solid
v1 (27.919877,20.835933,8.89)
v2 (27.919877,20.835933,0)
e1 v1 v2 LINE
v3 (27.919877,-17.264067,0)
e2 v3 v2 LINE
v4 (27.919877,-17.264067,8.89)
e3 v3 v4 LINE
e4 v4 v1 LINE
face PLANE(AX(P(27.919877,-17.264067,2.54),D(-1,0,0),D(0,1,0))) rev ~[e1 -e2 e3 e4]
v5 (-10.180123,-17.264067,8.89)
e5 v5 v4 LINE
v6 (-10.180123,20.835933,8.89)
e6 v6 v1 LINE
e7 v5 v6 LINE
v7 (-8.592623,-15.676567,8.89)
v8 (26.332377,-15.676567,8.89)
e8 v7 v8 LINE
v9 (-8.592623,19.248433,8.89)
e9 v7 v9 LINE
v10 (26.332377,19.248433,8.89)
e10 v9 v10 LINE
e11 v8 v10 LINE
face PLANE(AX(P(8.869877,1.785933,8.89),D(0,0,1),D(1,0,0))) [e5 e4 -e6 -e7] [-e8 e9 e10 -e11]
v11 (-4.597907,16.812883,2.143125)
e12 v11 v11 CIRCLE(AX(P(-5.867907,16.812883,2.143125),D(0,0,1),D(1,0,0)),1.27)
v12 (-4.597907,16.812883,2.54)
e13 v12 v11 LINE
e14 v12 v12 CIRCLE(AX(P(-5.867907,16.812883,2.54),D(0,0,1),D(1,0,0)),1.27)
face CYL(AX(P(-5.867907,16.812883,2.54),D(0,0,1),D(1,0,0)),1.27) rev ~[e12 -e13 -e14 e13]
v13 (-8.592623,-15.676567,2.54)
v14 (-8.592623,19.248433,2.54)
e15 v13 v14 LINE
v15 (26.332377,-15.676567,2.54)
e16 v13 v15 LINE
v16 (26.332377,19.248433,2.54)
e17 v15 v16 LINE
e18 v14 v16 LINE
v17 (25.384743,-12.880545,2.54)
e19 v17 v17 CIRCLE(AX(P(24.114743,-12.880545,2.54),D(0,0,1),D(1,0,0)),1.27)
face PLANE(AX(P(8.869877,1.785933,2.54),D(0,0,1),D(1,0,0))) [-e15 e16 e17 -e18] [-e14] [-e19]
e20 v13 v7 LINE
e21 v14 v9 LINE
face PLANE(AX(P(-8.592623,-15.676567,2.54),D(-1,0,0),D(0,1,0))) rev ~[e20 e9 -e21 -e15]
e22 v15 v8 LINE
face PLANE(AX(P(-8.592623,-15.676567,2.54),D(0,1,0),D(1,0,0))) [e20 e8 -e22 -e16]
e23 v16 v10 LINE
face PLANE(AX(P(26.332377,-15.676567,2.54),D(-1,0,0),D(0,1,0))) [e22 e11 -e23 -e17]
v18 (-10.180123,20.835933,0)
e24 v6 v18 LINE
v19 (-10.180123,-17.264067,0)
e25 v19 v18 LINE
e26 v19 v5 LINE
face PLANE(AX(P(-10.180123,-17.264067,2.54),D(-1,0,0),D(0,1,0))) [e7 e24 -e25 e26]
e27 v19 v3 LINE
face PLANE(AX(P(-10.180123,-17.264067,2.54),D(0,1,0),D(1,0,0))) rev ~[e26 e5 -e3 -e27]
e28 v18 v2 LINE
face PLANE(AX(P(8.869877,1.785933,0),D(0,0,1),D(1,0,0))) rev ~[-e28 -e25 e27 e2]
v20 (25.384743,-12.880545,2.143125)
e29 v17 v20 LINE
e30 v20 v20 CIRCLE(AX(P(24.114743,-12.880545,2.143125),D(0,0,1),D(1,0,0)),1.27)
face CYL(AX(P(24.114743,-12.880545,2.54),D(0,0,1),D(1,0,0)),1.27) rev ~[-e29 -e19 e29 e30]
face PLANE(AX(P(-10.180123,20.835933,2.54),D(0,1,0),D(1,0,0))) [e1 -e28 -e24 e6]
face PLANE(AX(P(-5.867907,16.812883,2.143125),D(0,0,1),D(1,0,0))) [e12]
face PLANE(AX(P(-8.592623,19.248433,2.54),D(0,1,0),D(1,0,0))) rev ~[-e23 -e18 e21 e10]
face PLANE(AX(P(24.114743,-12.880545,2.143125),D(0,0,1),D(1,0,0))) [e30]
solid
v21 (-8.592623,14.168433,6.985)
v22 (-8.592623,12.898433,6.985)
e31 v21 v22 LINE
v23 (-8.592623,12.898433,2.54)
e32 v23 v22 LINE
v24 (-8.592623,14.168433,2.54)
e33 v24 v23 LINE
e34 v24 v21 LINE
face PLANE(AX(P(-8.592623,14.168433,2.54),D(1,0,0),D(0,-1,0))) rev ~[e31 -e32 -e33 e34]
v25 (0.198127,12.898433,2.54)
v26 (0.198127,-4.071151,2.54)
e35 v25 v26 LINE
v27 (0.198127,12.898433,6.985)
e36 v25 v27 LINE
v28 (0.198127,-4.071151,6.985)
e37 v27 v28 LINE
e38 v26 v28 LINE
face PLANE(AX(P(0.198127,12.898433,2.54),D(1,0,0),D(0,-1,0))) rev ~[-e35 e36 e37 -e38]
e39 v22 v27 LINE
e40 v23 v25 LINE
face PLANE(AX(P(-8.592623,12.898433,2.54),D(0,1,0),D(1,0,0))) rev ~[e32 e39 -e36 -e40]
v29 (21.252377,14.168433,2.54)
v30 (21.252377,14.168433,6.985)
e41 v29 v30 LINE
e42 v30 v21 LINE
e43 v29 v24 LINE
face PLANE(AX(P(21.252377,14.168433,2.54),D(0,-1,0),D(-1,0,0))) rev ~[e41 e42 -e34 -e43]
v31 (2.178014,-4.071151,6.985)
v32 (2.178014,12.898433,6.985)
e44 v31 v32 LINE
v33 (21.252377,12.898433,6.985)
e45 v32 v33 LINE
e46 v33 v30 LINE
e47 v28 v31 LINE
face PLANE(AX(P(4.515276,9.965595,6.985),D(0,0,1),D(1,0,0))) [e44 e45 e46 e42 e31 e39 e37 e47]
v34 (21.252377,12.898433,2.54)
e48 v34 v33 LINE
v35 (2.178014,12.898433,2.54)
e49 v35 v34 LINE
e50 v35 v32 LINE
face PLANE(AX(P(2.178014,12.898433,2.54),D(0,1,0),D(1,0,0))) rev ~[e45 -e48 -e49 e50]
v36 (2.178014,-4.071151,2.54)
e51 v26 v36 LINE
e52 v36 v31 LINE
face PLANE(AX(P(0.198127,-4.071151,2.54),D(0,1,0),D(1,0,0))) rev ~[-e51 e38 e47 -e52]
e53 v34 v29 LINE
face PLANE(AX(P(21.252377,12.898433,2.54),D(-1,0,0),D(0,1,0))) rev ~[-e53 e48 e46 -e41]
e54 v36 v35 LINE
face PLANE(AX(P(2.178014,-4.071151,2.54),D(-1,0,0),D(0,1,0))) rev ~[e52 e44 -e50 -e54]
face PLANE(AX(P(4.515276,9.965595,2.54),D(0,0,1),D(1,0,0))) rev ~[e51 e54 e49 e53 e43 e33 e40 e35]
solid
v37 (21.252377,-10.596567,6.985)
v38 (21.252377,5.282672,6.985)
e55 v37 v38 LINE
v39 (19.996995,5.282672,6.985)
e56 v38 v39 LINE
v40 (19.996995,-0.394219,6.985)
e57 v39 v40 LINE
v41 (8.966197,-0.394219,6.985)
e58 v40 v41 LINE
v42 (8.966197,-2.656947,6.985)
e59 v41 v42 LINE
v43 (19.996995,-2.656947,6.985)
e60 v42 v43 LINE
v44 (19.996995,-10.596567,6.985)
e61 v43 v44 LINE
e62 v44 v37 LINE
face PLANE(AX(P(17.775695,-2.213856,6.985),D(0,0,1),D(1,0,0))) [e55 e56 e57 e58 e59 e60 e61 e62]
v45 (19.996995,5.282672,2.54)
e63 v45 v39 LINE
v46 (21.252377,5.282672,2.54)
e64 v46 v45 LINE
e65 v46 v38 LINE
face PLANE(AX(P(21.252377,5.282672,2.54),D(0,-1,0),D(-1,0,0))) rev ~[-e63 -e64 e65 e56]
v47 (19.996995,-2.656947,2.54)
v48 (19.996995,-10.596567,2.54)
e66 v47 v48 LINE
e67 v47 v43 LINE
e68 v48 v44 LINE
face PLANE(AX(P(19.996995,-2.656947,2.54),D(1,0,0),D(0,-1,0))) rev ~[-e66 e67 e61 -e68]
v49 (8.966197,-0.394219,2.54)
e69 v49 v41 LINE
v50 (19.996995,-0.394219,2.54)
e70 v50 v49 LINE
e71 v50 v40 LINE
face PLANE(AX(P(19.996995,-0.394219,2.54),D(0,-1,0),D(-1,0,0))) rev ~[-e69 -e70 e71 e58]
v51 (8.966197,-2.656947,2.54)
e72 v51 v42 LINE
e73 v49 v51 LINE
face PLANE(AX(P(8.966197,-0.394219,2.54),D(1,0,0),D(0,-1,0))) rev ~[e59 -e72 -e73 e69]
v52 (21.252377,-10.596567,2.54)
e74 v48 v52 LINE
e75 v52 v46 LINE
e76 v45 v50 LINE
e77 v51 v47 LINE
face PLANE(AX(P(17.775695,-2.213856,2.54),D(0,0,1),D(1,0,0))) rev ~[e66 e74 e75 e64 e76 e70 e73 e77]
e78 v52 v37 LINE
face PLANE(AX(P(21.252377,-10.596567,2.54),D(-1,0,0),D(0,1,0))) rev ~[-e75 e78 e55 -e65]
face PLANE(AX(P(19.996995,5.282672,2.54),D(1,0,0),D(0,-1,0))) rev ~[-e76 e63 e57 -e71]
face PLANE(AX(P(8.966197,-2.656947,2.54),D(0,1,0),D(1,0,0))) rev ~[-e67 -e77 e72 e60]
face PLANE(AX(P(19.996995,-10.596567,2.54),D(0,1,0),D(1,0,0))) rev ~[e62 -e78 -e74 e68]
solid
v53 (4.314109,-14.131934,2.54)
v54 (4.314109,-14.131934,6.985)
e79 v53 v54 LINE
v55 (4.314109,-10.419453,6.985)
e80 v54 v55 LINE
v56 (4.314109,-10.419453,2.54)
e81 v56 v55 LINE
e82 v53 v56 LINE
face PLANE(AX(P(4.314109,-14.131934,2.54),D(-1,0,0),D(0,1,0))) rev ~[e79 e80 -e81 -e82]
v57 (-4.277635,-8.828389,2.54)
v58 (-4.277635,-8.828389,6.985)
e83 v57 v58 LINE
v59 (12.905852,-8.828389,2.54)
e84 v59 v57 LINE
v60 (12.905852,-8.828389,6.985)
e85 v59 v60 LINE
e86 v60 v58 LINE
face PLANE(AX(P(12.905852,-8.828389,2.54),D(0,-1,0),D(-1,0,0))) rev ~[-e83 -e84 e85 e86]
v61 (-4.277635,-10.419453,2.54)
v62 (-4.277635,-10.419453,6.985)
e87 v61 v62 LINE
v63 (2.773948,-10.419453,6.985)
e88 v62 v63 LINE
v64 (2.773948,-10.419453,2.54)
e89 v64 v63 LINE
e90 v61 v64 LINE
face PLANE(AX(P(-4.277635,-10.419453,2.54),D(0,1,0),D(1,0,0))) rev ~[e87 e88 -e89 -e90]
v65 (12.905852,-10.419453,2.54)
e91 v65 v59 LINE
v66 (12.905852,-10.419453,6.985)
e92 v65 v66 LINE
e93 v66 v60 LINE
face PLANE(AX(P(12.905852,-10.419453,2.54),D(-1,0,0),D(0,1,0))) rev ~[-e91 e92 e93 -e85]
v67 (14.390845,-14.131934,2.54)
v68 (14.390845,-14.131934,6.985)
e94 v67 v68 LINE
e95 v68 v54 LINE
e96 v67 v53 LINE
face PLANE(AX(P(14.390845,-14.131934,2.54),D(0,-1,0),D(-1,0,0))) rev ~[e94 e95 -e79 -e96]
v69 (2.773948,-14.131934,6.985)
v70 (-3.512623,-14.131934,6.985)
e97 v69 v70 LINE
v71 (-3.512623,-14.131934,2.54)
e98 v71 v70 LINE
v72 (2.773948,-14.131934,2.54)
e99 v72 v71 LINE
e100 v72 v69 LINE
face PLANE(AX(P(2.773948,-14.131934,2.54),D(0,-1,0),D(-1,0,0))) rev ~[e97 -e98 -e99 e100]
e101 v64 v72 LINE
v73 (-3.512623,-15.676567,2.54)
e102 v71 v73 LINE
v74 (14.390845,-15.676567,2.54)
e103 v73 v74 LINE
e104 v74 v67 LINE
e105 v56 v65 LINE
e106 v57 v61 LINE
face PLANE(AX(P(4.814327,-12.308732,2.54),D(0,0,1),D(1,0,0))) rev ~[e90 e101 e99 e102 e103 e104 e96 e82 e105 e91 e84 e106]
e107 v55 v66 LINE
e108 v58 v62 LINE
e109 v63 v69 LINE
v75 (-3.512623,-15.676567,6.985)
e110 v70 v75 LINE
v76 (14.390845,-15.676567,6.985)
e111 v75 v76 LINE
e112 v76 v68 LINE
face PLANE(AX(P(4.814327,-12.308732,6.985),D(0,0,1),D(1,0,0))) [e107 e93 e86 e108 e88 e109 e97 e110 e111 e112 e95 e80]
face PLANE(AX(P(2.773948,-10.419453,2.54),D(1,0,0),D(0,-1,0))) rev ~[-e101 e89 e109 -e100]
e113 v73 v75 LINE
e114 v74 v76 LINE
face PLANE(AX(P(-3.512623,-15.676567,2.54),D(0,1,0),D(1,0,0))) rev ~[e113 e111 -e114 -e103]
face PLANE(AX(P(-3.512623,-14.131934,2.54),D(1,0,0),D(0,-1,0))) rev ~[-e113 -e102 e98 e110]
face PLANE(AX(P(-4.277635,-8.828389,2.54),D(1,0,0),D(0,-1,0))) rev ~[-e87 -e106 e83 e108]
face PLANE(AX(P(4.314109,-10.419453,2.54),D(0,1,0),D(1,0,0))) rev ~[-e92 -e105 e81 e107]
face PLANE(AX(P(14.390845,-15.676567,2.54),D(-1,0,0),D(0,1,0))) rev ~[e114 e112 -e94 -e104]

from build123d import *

# Parameters (mm, degrees)
F0_W     = 38.1
F0_H     = 38.1
F1_DEPTH = 2.54
F2_W     = 38.1
F2_H     = 38.1
F2_W_2   = 34.925
F2_H_2   = 34.925
F3_DEPTH = 6.35
F5_DEPTH = 4.445
F4_R     = 1.27
F6_DEPTH = 0.396875


with BuildPart() as f1:
    # F0 (on Top) → F1 (new body)
    with BuildSketch(Plane.XY):
        with Locations((8.869877, 1.785933)):
            Rectangle(F0_W, F0_H)
    extrude(amount=F1_DEPTH)

    # F2 (on face) → F3 (join)
    with BuildSketch(Plane.XY.offset(2.54)):
        with Locations((8.869877, 1.785933)):
            Rectangle(F2_W, F2_H)
        with Locations((8.869877, 1.785933)):
            Rectangle(F2_W_2, F2_H_2, mode=Mode.SUBTRACT)
    extrude(amount=F3_DEPTH)

    # F4 (on face) → F6 (cut)
    with BuildSketch(Plane.XY.offset(2.54)):
        with Locations((24.114743, -12.880545)):
            Circle(F4_R)
        with Locations((-5.867907, 16.812883)):
            Circle(F4_R)
    extrude(amount=-F6_DEPTH, mode=Mode.SUBTRACT)


with BuildPart() as f5:
    # F4 (on face) → F5 (new body)
    with BuildSketch(Plane.XY.offset(2.54)):
        Polygon((21.252377, 14.168433), (-8.592623, 14.168433), (-8.592623, 12.898433), (0.198127, 12.898433), (0.198127, -4.071151), (2.178014, -4.071151), (2.178014, 12.898433), (21.252377, 12.898433), align=None)
        Polygon((21.252377, -10.596567), (21.252377, 5.282672), (19.996995, 5.282672), (19.996995, -0.394219), (8.966197, -0.394219), (8.966197, -2.656947), (19.996995, -2.656947), (19.996995, -10.596567), align=None)
        Polygon((-3.512623, -14.131934), (-3.512623, -15.676567), (14.390845, -15.676567), (14.390845, -14.131934), (4.314109, -14.131934), (4.314109, -10.419453), (12.905852, -10.419453), (12.905852, -8.828389), (-4.277635, -8.828389), (-4.277635, -10.419453), (2.773948, -10.419453), (2.773948, -14.131934), align=None)
    extrude(amount=F5_DEPTH)


solid = Compound([f1.part, f5.part])
